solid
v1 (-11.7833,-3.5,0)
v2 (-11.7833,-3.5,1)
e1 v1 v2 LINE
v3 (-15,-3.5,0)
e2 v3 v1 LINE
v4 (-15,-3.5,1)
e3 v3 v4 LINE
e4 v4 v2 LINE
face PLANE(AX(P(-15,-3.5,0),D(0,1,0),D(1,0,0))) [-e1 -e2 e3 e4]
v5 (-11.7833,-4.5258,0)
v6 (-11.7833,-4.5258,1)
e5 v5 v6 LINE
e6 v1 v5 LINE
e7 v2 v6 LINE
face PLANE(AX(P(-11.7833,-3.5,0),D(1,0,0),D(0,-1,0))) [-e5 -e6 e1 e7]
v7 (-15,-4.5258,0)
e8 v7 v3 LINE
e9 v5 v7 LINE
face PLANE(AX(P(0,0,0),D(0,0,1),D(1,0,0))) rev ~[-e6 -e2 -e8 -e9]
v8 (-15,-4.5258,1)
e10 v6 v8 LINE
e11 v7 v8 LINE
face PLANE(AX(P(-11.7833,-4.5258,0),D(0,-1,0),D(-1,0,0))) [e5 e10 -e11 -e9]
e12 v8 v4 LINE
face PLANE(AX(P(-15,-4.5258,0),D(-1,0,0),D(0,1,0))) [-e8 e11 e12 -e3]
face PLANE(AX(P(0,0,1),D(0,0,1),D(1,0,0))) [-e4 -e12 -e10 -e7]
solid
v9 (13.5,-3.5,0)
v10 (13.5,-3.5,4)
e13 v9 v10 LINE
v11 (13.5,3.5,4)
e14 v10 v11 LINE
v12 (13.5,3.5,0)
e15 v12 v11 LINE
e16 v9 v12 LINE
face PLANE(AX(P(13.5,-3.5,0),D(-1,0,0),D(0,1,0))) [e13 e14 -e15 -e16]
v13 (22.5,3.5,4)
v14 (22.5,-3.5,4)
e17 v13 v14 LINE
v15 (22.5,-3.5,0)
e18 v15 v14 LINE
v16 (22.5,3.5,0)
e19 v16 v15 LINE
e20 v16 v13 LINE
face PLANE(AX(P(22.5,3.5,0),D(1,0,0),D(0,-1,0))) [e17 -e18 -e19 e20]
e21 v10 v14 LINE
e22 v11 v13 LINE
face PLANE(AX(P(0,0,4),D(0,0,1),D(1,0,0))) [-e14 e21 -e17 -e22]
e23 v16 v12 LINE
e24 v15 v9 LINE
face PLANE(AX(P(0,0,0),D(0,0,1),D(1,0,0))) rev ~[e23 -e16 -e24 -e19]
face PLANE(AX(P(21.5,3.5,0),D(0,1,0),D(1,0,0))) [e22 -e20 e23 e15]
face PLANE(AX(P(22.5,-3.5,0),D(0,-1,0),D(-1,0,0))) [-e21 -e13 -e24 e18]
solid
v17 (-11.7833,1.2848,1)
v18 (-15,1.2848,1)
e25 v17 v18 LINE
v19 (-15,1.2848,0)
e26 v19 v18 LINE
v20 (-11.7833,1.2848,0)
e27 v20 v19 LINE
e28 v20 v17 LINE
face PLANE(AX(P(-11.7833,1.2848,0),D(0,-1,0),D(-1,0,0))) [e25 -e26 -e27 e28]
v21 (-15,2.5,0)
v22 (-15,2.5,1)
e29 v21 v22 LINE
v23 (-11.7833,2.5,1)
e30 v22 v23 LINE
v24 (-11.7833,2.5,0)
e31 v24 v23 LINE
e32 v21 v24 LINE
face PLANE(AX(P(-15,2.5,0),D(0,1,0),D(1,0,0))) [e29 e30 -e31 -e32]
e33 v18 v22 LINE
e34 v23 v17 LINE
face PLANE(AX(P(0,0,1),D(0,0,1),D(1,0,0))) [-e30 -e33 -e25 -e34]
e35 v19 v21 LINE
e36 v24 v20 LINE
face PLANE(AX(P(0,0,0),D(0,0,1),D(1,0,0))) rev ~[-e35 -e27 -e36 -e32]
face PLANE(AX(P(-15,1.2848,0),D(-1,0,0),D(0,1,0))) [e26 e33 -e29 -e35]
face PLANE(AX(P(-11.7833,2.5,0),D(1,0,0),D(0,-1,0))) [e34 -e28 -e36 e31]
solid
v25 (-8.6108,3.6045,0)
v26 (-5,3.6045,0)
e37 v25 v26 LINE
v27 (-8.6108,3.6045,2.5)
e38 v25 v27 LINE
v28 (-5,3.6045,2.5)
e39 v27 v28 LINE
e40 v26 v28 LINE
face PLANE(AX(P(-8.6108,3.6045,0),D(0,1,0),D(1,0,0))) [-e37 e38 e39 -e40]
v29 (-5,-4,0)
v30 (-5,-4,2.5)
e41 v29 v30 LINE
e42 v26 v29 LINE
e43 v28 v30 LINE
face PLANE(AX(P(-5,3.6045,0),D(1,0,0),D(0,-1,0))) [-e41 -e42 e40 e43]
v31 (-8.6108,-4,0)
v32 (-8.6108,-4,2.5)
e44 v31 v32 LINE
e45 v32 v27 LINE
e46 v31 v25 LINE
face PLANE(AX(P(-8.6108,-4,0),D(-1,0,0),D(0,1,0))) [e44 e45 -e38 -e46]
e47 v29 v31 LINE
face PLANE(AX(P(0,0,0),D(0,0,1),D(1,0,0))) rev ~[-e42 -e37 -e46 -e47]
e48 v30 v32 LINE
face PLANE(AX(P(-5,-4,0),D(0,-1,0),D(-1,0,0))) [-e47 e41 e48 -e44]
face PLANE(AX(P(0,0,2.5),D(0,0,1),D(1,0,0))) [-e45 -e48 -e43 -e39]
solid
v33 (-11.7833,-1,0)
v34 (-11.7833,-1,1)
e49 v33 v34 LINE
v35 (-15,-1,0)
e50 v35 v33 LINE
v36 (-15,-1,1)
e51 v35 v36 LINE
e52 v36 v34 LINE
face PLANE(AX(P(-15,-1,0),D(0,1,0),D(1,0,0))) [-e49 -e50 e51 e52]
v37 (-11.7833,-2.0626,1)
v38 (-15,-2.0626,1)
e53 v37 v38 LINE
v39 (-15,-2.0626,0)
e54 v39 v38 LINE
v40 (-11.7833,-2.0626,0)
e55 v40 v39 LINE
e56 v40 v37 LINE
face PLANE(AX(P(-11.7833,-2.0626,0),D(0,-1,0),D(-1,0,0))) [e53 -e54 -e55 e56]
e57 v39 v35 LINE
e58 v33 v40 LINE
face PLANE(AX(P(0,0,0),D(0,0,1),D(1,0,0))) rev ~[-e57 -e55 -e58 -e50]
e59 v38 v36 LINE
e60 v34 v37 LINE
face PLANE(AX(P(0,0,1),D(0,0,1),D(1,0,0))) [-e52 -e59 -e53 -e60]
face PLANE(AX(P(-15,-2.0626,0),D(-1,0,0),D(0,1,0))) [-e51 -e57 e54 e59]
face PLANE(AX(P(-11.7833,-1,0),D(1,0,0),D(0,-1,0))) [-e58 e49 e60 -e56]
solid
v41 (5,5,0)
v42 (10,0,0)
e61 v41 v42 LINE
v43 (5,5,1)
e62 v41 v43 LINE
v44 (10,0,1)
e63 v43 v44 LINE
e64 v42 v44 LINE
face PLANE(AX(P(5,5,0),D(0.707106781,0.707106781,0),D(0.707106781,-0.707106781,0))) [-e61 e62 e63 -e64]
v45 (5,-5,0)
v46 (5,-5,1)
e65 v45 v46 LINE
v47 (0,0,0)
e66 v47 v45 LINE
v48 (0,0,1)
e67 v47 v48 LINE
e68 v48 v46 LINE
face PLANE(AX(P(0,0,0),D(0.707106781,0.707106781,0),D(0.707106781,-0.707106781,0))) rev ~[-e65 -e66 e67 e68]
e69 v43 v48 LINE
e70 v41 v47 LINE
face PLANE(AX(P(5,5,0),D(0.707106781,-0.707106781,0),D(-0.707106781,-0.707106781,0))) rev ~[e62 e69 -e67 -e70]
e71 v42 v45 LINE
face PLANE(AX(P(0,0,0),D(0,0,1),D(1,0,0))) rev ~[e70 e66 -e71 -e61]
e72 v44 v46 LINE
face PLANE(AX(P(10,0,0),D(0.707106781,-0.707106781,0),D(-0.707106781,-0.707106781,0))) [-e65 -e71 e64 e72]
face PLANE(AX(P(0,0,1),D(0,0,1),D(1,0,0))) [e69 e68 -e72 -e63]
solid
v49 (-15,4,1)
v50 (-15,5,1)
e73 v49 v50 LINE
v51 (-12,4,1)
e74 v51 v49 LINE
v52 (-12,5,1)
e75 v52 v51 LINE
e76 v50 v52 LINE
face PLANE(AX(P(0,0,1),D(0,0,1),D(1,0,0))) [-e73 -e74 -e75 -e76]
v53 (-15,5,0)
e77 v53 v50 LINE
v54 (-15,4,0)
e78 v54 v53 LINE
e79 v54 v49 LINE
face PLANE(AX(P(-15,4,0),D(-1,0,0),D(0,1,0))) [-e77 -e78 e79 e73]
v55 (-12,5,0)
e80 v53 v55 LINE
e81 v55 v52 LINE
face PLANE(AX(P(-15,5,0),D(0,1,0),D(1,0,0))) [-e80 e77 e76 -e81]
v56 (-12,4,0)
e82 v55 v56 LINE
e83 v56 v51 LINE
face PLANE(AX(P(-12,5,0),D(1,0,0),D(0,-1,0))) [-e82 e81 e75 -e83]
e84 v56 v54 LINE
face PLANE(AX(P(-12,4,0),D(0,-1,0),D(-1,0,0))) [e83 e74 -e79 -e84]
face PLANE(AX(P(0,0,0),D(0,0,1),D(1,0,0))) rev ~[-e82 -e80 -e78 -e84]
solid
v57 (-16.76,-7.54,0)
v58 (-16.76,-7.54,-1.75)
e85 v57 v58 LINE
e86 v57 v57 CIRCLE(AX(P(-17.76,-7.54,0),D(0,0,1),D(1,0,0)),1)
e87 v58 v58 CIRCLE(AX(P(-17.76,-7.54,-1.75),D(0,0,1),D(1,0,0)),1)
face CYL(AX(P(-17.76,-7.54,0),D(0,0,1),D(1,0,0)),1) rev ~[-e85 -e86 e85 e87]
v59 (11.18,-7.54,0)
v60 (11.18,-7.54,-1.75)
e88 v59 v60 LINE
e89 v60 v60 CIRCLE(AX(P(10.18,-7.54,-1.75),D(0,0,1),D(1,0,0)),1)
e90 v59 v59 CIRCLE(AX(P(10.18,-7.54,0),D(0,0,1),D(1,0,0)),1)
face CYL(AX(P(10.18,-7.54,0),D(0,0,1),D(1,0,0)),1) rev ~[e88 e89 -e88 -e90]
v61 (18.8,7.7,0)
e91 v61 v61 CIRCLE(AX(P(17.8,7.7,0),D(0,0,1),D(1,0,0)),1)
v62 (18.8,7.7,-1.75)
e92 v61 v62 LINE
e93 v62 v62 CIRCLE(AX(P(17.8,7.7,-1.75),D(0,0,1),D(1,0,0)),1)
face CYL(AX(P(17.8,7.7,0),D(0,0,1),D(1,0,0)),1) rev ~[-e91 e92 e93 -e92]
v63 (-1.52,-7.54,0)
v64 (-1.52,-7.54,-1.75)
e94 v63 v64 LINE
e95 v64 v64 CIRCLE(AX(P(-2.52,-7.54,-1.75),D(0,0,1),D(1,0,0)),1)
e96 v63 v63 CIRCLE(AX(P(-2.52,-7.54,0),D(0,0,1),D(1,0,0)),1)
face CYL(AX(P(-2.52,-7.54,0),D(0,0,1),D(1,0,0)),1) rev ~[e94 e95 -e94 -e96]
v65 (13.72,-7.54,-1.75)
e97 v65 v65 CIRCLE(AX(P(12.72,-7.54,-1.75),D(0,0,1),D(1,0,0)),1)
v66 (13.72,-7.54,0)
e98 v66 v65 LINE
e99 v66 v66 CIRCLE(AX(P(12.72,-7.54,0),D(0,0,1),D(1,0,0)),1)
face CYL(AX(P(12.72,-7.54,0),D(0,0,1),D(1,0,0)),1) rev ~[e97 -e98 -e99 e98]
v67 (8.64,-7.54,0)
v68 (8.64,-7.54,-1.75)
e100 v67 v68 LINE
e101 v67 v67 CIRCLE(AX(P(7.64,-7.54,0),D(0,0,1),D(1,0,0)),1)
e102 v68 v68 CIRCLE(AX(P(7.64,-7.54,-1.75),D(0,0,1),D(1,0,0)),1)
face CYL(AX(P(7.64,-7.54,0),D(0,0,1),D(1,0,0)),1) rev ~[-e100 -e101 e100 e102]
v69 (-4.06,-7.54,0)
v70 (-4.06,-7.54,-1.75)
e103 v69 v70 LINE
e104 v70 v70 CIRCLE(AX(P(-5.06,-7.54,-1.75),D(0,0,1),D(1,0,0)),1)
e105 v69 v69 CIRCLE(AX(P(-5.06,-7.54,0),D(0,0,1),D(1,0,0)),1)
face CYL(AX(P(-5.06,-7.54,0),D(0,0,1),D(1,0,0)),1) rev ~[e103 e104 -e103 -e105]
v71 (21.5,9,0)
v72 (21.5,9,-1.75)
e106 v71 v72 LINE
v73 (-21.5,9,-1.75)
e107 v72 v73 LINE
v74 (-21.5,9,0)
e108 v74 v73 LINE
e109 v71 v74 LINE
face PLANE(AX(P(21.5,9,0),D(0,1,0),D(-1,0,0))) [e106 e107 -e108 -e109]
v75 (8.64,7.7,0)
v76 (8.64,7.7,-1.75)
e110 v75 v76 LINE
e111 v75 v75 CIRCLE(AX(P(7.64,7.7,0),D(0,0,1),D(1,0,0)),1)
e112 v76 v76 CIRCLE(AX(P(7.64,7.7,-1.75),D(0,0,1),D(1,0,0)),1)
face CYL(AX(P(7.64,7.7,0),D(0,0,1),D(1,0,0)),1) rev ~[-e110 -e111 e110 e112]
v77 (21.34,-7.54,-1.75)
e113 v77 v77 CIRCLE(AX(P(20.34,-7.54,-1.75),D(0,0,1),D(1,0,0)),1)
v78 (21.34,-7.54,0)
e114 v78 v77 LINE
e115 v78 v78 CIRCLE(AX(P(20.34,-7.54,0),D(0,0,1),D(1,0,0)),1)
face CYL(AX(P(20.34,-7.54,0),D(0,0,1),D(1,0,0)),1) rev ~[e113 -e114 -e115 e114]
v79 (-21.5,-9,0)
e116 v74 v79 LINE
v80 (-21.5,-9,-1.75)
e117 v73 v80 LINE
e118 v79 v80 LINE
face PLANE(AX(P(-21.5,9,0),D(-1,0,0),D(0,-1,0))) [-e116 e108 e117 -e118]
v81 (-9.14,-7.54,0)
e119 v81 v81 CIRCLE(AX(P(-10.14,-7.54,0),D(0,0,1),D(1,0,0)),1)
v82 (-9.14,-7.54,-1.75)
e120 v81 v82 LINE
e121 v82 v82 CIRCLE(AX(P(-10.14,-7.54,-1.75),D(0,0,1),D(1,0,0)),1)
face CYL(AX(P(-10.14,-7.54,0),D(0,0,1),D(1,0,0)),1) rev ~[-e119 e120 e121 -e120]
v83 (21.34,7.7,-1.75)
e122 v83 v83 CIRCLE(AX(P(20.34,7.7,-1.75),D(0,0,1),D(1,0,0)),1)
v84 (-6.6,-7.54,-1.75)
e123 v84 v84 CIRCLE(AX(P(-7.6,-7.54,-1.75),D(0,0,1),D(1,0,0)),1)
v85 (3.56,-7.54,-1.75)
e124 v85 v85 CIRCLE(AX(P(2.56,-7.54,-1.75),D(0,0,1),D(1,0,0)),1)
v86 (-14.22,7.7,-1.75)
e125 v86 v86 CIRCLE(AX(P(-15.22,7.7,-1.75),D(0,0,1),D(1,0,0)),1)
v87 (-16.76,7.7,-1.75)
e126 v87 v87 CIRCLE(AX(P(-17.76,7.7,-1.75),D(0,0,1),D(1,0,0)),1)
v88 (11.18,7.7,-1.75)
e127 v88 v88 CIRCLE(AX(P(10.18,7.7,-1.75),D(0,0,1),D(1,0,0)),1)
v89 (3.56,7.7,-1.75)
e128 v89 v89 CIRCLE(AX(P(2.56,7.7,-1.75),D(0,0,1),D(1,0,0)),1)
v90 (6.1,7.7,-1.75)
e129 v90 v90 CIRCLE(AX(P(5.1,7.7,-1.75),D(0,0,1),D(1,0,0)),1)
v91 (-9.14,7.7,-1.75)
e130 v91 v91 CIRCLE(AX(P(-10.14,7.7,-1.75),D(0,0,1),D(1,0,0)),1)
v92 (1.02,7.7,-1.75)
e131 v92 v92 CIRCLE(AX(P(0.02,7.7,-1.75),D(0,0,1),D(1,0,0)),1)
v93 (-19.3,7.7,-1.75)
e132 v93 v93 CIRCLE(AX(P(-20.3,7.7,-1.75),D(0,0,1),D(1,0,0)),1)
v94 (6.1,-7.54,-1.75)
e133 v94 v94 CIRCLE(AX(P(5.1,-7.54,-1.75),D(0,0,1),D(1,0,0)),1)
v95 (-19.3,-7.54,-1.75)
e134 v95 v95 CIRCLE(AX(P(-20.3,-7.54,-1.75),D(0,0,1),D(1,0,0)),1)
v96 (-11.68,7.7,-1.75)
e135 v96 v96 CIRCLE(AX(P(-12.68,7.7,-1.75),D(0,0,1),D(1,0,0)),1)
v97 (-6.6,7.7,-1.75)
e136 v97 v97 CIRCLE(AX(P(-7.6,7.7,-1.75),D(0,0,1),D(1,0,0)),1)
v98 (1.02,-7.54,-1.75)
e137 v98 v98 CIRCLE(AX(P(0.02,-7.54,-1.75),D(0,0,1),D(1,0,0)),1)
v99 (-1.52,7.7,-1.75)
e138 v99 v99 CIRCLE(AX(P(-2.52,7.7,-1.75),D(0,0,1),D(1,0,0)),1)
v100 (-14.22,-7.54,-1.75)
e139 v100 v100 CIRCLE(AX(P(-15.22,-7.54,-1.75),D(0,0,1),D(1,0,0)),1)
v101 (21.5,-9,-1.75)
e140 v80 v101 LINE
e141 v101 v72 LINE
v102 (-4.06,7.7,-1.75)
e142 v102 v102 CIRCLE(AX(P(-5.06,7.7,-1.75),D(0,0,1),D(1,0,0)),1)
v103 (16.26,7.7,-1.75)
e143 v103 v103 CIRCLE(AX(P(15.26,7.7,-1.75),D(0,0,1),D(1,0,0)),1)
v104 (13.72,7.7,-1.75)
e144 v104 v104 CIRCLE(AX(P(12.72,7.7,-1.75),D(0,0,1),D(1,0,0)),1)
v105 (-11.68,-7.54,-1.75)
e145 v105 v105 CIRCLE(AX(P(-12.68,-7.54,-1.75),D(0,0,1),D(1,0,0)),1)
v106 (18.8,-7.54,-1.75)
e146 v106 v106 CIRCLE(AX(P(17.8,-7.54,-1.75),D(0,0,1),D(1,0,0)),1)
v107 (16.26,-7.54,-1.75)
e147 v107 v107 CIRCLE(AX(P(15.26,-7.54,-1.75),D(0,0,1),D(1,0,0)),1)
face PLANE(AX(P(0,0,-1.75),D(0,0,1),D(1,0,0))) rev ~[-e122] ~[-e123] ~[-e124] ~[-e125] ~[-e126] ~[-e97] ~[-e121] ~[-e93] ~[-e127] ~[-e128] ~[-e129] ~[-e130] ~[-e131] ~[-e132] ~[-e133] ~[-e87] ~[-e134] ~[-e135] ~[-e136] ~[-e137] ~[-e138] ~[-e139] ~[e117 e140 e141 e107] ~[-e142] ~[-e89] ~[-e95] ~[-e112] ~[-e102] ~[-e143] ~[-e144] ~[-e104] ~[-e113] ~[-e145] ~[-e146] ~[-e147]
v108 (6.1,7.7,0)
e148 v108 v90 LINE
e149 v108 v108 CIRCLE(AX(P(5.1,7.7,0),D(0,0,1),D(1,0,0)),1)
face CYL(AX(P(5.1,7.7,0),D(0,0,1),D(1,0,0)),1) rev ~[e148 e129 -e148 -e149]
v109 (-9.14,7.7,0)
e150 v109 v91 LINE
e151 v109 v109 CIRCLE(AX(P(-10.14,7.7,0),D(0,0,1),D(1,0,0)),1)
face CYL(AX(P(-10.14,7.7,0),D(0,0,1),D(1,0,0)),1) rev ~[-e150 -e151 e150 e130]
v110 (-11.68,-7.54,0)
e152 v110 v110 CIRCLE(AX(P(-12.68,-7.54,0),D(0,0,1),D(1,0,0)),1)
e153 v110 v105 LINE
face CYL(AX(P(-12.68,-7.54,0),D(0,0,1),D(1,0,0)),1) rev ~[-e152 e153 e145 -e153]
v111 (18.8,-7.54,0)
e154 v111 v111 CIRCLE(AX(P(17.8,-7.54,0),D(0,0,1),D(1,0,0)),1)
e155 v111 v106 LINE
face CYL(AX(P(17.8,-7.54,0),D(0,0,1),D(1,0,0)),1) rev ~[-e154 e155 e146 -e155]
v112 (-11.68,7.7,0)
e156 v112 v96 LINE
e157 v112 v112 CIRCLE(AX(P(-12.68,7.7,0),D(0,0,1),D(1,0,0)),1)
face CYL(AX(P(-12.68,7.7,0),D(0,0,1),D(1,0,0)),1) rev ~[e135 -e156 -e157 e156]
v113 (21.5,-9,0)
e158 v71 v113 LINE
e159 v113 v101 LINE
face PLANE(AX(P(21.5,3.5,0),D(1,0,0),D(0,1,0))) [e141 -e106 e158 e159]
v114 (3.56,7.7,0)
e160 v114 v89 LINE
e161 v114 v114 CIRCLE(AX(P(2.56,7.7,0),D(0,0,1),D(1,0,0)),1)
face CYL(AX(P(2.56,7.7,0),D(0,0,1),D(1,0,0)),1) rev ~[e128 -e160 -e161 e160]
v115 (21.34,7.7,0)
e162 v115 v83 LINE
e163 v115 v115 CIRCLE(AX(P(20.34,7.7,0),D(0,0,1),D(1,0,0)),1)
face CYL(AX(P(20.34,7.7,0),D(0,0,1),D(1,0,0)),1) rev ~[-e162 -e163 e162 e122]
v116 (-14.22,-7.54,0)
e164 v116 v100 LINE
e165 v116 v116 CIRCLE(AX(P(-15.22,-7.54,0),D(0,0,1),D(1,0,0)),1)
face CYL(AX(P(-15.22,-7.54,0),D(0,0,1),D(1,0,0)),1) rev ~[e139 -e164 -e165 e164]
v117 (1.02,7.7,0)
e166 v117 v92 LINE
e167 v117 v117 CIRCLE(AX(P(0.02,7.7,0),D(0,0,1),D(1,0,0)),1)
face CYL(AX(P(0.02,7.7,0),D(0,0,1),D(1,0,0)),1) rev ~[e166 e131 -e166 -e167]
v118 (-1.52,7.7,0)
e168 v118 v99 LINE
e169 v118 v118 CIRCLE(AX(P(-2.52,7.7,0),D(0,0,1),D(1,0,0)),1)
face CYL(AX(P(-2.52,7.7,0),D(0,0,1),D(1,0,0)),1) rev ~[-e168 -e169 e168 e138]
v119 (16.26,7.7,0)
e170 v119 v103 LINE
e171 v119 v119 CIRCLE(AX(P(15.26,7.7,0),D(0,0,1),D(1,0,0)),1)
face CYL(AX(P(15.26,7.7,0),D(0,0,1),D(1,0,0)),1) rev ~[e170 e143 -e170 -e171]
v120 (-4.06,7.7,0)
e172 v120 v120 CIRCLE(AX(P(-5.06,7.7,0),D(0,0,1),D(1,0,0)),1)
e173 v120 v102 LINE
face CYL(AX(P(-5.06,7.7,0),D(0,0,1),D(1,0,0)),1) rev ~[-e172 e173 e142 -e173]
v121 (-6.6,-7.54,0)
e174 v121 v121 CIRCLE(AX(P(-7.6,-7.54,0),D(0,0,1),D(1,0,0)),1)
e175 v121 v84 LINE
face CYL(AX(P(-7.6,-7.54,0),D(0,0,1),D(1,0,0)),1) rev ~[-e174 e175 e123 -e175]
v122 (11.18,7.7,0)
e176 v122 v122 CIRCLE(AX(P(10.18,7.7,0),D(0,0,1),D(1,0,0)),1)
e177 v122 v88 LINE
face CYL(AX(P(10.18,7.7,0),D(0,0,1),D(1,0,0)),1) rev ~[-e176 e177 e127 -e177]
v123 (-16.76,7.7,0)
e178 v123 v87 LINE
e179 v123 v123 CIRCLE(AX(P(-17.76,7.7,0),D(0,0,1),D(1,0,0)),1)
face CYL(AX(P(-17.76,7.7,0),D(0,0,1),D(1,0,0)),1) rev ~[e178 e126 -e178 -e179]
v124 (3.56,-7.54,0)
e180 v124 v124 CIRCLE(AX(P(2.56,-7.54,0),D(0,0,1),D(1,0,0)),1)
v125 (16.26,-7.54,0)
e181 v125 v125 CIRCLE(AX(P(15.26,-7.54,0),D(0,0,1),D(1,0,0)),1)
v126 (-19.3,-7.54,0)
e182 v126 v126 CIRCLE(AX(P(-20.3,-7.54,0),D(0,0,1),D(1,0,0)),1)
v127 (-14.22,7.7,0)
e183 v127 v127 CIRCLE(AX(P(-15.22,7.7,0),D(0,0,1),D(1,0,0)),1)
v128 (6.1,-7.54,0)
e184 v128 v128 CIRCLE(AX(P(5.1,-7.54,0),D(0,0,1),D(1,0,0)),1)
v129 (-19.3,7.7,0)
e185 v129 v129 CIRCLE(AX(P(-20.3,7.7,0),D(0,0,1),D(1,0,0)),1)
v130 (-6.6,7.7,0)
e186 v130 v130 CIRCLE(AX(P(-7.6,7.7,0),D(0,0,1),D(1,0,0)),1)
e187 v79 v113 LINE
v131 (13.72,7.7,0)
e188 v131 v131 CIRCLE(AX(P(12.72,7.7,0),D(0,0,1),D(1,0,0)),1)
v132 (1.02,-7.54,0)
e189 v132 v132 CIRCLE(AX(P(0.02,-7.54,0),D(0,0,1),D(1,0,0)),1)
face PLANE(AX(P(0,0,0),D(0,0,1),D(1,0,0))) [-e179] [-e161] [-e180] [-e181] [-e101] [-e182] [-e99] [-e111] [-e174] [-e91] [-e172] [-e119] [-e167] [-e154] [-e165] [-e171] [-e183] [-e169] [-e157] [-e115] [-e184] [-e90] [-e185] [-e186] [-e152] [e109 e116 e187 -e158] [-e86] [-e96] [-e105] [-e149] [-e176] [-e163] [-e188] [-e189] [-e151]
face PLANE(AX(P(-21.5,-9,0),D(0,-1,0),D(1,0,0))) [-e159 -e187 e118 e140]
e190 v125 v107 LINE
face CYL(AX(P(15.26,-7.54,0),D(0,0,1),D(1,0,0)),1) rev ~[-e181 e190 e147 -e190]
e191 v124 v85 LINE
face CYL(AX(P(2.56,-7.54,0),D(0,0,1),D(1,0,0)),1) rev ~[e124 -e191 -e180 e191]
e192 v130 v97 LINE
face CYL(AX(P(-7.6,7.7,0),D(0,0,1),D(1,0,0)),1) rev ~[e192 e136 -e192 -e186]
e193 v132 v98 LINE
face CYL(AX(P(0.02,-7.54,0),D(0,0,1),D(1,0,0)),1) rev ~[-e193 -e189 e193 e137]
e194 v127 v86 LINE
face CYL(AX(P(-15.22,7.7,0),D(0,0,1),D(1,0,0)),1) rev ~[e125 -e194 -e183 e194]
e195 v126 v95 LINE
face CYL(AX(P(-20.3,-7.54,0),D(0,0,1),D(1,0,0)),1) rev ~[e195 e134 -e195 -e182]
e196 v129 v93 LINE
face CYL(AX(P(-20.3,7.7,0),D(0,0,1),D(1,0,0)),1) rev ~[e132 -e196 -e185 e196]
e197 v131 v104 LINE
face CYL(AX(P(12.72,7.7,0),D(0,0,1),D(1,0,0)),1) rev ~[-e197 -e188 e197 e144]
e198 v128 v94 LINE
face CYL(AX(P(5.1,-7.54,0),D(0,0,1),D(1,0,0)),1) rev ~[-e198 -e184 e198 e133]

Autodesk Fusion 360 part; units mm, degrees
sketch "Sketch1" plane through (0, 0, 0) normal (0, 0, 1) x (1, 0, 0)
  line L0 (21.5, 9) -> (-21.5, 9)
  line L1 (-21.5, 9) -> (-21.5, -9)
  line L2 (-21.5, -9) -> (21.5, -9)
  line L3 (21.5, -9) -> (21.5, 9)
  line L4 (21.5, 9) -> (-21.5, -9) construction
  line L5 (-21.5, 9) -> (21.5, -9) construction
  line L6 (13.5, 3.5) -> (22.5, 3.5)
  line L7 (22.5, 3.5) -> (22.5, -3.5)
  line L8 (22.5, -3.5) -> (13.5, -3.5)
  line L9 (13.5, -3.5) -> (13.5, 3.5)
  line L10 (13.5, 3.5) -> (22.5, -3.5) construction
  line L11 (22.5, 3.5) -> (13.5, -3.5) construction
  circle A0 centre (-20.3, 7.7) radius 1
  circle A1 centre (-17.76, 7.7) radius 1
  circle A2 centre (-15.22, 7.7) radius 1
  circle A3 centre (-12.68, 7.7) radius 1
  circle A4 centre (-10.14, 7.7) radius 1
  circle A5 centre (-7.6, 7.7) radius 1
  circle A6 centre (-5.06, 7.7) radius 1
  circle A7 centre (-2.52, 7.7) radius 1
  circle A8 centre (0.02, 7.7) radius 1
  circle A9 centre (2.56, 7.7) radius 1
  circle A10 centre (5.1, 7.7) radius 1
  circle A11 centre (7.64, 7.7) radius 1
  circle A12 centre (10.18, 7.7) radius 1
  circle A13 centre (12.72, 7.7) radius 1
  circle A14 centre (15.26, 7.7) radius 1
  circle A15 centre (17.8, 7.7) radius 1
  circle A16 centre (20.34, 7.7) radius 1
  circle A17 centre (10.18, -7.54) radius 1
  circle A18 centre (-7.6, -7.54) radius 1
  circle A19 centre (17.8, -7.54) radius 1
  circle A20 centre (-15.22, -7.54) radius 1
  circle A21 centre (2.56, -7.54) radius 1
  circle A22 centre (0.02, -7.54) radius 1
  circle A23 centre (5.1, -7.54) radius 1
  circle A24 centre (-10.14, -7.54) radius 1
  circle A25 centre (7.64, -7.54) radius 1
  circle A26 centre (-2.52, -7.54) radius 1
  circle A27 centre (-5.06, -7.54) radius 1
  circle A28 centre (-12.68, -7.54) radius 1
  circle A29 centre (-20.3, -7.54) radius 1
  circle A30 centre (15.26, -7.54) radius 1
  circle A31 centre (20.34, -7.54) radius 1
  circle A32 centre (12.72, -7.54) radius 1
  circle A33 centre (-17.76, -7.54) radius 1
  line L12 (5, 5) -> (10, 0)
  line L13 (10, 0) -> (5, -5)
  line L14 (5, 5) -> (0, 0)
  line L15 (0, 0) -> (5, -5)
  line L16 (-8.6108, 3.6045) -> (-5, 3.6045)
  line L17 (-5, 3.6045) -> (-5, -4)
  line L18 (-5, -4) -> (-8.6108, -4)
  line L19 (-8.6108, -4) -> (-8.6108, 3.6045)
  line L20 (-15, 5) -> (-12, 5)
  line L21 (-12, 5) -> (-12, 4)
  line L22 (-12, 4) -> (-15, 4)
  line L23 (-15, 4) -> (-15, 5)
  line L24 (-15, 2.5) -> (-11.7833, 2.5)
  line L25 (-11.7833, 2.5) -> (-11.7833, 1.2848)
  line L26 (-11.7833, 1.2848) -> (-15, 1.2848)
  line L27 (-15, 1.2848) -> (-15, 2.5)
  line L28 (-15, -1) -> (-11.7833, -1)
  line L29 (-11.7833, -1) -> (-11.7833, -2.0626)
  line L30 (-11.7833, -2.0626) -> (-15, -2.0626)
  line L31 (-15, -2.0626) -> (-15, -1)
  line L32 (-15, -3.5) -> (-11.7833, -3.5)
  line L33 (-11.7833, -3.5) -> (-11.7833, -4.5258)
  line L34 (-11.7833, -4.5258) -> (-15, -4.5258)
  line L35 (-15, -4.5258) -> (-15, -3.5)
  point P0 (18, 0)
  dimension "d1" = 43
  dimension "d2" = 18
  dimension "d3" = 9
  dimension "d4" = 7
  dimension "d5" = 2
  dimension "d8" = 2.54
  dimension "d9" = 0
  dimension "d12" = 2.54
  dimension "d13" = 0
  dimension "d14" = 2
extrude "Extrude1" add sketch "Sketch1" against normal blind 1.75 contours L0 L1 L2 L3 L6 L8 L9 | L3 L6 L8 L9 | L12 L13 L14 L15 | L16 L17 L18 L19 | L20 L21 L22 L23 | L24 L25 L26 L27 | L28 L29 L30 L31 | L32 L33 L34 L35 makes body 1
extrude "Extrude2" add sketch "Sketch1" along normal blind 1 separate body contours L12 L13 L14 L15 | L20 L21 L22 L23 | L24 L25 L26 L27 | L28 L29 L30 L31 | L32 L33 L34 L35 makes body 2 at (-13.9278, -1.3542, 0) makes body 3 at (-13.9278, 2.0949, 0) makes body 4 at (-13.9278, -3.8419, 0) makes body 5 at (-14, 4.6667, 0) makes body 6 at (5, 1.6667, 0)
extrude "Extrude3" add sketch "Sketch1" along normal blind 2.5 separate body contours L16 L17 L18 L19 makes body 7
extrude "Extrude4" add sketch "Sketch1" along normal blind 4 separate body contours L3 L6 L7 L8 | L3 L6 L8 L9 makes body 8
